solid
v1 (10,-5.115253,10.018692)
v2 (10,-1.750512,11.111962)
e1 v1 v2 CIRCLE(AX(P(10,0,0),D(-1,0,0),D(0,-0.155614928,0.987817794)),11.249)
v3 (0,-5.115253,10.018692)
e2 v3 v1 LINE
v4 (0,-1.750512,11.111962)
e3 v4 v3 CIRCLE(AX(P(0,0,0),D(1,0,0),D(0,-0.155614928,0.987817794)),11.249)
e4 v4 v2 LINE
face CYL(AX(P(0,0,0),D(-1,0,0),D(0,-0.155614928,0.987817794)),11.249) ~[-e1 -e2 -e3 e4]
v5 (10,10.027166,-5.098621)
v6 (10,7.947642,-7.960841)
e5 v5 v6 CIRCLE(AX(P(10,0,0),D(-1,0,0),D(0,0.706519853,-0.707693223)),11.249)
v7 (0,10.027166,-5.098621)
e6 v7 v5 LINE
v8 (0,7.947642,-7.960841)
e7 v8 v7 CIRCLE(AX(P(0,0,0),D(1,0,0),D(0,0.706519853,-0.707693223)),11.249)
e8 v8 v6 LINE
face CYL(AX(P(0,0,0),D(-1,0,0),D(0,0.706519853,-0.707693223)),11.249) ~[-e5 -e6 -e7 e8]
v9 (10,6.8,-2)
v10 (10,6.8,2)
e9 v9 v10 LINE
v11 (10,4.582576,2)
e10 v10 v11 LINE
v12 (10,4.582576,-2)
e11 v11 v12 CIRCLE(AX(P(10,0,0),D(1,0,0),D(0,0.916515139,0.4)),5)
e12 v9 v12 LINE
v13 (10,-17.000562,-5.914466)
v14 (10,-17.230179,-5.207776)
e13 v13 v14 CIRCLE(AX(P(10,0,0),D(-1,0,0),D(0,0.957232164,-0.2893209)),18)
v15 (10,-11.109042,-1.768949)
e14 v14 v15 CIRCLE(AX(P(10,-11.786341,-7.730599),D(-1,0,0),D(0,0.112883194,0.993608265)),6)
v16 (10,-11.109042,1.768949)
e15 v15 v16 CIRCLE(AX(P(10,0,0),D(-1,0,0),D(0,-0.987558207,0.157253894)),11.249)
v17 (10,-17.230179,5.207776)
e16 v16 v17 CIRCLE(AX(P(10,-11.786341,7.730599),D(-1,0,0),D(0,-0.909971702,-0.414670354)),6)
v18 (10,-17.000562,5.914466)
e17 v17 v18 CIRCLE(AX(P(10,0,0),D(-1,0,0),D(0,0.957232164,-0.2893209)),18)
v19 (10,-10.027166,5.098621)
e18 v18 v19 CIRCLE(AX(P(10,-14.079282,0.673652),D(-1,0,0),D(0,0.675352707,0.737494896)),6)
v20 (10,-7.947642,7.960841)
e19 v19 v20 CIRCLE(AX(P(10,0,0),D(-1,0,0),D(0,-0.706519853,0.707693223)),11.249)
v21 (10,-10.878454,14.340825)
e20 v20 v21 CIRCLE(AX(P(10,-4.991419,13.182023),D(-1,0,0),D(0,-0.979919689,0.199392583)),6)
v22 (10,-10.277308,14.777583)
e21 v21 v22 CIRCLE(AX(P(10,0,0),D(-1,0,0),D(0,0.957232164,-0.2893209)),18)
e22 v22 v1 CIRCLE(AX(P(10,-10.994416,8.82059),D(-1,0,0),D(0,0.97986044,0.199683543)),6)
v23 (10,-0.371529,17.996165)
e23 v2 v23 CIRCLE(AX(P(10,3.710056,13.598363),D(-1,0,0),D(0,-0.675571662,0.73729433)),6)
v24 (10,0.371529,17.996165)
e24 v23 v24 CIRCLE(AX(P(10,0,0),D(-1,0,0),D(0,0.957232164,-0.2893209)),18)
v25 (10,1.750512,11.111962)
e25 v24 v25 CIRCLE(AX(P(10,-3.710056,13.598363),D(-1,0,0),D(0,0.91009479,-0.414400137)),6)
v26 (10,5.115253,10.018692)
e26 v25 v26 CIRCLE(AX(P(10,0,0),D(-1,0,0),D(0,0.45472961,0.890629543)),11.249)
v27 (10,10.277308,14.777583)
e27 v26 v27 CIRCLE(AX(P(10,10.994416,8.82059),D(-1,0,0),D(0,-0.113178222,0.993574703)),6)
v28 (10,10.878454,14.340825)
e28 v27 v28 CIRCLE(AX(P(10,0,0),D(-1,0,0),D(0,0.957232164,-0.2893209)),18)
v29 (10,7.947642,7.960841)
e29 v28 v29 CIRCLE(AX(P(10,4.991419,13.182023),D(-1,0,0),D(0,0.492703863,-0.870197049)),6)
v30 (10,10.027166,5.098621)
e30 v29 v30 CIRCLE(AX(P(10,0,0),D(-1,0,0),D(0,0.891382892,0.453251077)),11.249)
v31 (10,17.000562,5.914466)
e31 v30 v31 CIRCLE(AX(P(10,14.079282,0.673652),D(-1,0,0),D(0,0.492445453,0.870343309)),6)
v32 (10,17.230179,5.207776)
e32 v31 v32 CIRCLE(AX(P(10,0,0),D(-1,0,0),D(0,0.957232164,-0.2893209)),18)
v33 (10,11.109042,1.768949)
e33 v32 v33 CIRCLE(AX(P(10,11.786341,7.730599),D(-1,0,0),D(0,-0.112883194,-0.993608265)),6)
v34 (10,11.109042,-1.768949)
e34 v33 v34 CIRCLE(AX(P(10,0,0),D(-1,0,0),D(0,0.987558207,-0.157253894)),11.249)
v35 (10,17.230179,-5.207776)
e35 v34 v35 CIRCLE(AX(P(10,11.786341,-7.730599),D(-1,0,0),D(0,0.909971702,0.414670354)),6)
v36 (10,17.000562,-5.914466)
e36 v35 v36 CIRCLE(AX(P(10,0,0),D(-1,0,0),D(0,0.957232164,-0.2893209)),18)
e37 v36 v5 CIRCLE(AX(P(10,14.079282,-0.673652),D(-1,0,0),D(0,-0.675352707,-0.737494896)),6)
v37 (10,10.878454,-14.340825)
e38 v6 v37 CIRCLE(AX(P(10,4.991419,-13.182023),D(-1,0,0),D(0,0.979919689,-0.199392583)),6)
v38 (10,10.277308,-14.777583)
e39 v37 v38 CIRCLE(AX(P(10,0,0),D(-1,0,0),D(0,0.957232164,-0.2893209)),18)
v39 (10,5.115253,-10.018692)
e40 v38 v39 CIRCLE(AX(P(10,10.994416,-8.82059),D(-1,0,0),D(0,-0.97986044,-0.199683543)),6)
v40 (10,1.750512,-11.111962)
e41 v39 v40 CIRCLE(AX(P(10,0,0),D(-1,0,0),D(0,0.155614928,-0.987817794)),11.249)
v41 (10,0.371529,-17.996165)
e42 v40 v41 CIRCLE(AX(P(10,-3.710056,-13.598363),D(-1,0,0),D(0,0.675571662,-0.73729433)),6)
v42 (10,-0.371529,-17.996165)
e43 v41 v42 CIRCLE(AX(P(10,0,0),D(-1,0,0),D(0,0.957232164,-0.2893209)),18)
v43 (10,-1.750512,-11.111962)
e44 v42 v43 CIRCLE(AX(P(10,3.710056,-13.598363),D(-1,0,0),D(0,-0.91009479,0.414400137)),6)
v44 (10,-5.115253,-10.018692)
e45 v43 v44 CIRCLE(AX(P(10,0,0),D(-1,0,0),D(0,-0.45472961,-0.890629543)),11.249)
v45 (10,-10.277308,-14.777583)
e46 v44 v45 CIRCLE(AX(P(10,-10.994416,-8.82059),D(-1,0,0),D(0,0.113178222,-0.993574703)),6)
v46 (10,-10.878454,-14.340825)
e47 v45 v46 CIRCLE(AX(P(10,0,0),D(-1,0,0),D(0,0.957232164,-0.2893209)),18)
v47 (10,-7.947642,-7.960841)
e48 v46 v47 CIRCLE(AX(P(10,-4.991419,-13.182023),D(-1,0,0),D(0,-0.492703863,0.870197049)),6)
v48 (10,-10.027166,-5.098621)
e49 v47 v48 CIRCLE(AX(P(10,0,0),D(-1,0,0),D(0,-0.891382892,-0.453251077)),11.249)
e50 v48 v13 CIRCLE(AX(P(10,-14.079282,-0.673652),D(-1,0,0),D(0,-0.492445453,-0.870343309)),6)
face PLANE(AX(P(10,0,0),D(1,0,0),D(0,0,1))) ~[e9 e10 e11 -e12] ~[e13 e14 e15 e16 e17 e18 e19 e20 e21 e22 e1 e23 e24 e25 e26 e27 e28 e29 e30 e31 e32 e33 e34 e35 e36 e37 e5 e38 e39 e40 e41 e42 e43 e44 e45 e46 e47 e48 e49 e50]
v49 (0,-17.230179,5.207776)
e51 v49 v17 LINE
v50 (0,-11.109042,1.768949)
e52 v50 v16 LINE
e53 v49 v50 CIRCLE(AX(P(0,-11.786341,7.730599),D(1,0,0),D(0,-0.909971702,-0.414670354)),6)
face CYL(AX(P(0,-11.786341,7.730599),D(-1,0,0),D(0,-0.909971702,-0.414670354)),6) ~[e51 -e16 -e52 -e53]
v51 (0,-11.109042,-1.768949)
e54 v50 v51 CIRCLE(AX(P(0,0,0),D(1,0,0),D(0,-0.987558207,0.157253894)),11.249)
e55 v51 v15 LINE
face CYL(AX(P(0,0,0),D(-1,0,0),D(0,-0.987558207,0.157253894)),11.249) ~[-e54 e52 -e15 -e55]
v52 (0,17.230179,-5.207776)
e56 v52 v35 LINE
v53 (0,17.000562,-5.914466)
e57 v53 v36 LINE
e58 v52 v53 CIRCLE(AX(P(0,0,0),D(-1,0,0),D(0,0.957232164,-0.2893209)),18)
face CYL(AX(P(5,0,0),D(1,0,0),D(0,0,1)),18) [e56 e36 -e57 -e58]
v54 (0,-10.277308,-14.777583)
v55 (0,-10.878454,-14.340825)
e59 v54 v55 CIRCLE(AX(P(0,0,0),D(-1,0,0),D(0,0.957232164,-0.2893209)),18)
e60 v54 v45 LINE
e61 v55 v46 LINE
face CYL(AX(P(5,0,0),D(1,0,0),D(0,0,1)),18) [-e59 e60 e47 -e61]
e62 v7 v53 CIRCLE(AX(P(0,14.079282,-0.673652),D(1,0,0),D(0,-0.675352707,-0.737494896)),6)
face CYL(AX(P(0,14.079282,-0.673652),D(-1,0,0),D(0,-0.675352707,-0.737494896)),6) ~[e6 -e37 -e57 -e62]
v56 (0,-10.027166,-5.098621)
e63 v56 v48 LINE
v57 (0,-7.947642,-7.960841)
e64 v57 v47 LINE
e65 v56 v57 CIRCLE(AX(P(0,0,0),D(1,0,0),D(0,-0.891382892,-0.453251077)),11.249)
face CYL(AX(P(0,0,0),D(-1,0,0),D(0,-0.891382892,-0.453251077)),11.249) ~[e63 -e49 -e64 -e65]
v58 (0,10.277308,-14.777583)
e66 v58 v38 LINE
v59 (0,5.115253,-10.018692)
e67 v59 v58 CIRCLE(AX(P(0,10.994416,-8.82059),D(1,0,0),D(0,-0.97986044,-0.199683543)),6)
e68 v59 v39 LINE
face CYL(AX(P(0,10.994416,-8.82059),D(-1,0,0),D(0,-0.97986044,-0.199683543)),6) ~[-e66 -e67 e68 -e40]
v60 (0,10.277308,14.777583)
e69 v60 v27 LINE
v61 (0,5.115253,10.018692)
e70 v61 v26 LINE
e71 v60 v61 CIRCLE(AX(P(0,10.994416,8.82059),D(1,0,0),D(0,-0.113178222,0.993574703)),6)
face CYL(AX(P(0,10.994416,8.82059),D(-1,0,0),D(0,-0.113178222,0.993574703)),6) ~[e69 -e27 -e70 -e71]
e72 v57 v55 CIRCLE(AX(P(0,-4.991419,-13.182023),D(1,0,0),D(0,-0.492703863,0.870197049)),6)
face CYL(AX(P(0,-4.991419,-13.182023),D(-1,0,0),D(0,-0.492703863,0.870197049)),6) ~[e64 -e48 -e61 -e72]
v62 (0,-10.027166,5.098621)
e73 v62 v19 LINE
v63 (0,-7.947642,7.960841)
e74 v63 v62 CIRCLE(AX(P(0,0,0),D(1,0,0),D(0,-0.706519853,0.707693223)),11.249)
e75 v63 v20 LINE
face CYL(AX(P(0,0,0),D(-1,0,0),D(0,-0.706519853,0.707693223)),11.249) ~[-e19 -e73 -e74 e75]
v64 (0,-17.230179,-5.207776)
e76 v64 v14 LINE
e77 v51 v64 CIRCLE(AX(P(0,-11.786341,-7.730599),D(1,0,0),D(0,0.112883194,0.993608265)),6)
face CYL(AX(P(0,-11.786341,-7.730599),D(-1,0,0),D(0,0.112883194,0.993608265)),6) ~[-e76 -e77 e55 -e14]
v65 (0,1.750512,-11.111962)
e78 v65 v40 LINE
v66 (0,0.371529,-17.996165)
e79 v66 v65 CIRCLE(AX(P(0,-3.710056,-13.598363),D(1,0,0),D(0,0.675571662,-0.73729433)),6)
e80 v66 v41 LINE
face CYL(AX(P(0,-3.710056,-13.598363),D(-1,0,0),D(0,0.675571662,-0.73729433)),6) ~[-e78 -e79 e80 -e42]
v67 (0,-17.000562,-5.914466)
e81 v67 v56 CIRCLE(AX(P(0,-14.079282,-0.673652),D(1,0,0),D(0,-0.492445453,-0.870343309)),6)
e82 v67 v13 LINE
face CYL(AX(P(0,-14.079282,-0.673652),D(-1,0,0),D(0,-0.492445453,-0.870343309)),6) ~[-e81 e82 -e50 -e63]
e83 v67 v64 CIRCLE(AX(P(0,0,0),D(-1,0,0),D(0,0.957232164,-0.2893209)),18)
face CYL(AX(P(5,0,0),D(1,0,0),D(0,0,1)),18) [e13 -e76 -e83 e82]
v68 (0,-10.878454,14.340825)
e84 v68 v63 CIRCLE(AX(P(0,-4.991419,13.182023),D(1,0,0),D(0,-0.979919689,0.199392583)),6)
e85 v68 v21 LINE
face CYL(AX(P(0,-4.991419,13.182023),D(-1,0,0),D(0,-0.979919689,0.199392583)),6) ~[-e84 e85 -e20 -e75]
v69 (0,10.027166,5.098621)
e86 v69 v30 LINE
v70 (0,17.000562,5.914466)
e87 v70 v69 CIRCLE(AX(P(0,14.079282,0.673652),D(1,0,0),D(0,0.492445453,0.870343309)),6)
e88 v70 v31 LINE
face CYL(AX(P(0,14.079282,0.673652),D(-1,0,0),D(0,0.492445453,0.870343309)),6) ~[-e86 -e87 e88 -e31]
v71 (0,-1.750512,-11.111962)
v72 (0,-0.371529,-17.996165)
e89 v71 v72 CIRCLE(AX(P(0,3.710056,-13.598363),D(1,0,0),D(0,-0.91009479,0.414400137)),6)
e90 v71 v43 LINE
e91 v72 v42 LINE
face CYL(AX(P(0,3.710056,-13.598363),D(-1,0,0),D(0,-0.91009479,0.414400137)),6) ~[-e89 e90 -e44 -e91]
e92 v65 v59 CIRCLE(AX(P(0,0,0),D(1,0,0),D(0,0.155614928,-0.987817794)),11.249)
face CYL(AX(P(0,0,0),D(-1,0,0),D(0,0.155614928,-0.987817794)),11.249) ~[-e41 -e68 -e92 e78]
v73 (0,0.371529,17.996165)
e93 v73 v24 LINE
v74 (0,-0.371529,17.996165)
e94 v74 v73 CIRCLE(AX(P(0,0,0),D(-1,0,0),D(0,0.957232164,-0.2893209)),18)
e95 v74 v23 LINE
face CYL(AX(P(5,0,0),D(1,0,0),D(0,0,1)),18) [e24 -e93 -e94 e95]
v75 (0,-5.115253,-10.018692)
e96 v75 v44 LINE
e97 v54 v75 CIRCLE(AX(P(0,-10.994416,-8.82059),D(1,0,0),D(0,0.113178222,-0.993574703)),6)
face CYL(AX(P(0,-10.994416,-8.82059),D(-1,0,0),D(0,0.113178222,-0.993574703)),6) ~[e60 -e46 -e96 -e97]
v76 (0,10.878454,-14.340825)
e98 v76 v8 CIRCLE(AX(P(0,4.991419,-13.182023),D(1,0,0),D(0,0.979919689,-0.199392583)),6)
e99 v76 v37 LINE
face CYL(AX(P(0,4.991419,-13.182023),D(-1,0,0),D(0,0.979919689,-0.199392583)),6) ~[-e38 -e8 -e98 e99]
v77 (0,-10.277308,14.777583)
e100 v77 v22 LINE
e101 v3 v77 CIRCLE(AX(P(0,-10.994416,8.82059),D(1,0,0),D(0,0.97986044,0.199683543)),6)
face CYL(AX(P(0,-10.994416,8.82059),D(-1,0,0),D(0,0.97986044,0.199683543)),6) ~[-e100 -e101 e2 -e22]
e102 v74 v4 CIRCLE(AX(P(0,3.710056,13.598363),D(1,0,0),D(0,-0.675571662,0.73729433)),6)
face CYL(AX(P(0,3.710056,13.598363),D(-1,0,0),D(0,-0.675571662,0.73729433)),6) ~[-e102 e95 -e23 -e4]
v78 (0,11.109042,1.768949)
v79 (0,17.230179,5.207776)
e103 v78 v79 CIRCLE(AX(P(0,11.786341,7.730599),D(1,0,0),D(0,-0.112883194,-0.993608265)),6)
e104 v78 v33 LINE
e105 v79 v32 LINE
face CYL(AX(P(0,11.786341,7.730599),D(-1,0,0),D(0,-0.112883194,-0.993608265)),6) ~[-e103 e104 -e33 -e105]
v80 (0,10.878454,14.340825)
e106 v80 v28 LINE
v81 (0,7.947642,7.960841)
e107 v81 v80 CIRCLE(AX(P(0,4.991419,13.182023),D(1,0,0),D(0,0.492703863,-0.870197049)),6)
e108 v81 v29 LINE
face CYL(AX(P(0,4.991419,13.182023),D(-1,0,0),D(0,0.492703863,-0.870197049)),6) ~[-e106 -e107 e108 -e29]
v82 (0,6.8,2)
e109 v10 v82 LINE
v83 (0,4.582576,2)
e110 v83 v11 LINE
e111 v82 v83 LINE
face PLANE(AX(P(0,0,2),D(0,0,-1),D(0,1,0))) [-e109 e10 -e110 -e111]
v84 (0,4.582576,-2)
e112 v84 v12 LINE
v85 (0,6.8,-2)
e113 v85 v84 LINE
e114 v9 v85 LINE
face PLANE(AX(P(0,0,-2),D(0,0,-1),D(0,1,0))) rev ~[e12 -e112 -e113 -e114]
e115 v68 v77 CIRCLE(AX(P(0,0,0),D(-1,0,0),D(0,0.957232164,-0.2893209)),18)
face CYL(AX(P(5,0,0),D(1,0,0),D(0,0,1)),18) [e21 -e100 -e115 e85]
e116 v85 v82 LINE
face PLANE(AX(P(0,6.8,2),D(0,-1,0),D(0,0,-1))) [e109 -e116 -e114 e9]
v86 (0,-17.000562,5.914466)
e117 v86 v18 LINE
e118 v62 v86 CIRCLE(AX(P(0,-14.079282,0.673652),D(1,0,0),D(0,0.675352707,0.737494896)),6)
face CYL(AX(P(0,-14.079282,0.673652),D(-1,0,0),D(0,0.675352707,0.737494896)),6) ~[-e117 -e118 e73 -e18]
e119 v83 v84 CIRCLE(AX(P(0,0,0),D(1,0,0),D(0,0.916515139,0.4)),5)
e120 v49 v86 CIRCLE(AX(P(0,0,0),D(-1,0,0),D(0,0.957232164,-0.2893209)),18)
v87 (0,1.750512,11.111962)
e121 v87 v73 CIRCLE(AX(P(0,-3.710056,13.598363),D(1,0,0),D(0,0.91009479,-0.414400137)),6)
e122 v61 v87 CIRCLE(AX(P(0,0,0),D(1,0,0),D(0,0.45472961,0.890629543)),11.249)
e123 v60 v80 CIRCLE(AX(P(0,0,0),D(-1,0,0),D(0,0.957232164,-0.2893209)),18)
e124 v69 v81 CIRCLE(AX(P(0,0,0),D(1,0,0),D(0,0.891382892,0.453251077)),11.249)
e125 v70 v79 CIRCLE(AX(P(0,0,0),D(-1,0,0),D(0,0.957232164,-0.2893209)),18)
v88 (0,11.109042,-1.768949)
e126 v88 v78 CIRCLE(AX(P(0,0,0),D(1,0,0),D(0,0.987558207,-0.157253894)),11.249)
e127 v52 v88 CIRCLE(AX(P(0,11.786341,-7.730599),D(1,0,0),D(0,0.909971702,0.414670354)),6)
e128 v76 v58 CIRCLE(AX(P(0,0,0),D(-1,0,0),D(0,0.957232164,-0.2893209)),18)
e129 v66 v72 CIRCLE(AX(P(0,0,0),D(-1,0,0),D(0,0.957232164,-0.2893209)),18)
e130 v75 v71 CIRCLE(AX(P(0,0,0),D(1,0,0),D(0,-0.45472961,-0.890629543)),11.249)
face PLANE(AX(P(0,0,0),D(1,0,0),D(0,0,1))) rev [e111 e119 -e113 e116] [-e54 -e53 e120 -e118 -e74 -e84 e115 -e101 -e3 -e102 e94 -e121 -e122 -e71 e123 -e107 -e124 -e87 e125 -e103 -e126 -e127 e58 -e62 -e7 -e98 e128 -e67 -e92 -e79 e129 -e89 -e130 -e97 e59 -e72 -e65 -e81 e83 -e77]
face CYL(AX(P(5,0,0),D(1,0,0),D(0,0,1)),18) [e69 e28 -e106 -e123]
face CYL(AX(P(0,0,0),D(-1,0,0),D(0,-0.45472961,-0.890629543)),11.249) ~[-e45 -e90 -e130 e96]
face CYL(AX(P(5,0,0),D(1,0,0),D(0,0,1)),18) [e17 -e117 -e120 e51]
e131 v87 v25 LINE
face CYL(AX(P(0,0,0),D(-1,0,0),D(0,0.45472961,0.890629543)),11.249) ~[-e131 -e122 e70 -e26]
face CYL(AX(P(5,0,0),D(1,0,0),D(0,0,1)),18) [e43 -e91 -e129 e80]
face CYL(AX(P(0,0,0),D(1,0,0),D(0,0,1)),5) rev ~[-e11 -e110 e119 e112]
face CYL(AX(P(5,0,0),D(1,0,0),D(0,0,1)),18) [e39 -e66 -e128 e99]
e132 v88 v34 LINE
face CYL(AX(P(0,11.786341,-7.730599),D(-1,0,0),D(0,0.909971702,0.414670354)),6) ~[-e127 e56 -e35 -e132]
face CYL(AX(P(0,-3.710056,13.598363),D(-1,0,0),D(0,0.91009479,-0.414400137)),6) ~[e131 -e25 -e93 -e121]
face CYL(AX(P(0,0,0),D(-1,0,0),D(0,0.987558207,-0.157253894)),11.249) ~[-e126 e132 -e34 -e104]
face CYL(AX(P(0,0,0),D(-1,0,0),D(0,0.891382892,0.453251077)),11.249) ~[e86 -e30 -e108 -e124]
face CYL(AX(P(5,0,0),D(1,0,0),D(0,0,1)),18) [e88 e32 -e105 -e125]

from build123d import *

# Parameters (mm, degrees)
BASPROSKE_W     = 10
BASPROSKE_H     = 18
TOOTHCUT_DEPTH  = 28.349588662
TEETHCUTS_COUNT = 10
TEETHCUTS_ANGLE = 324
BORSKE_R        = 5
BORE_DEPTH      = 50.0000508
KEYSKE_W        = 4
KEYSKE_H        = 6.8
KEYWAY_DEPTH    = 50.0000508


with BuildPart() as part:
    # BasProSke → Base-Revolve (revolve)
    with BuildSketch(Plane(origin=(0, 0, 0), x_dir=(1, 0, 0), z_dir=(0, 1, 0)), mode=Mode.PRIVATE) as base_revolve_sk:
        with Locations((5, 9)):
            Rectangle(BASPROSKE_W, BASPROSKE_H)
    revolve(base_revolve_sk.sketch.rotate(Axis((-10, 0, 0), (1, 0, 0)), 180), axis=Axis((-10, 0, 0), (1, 0, 0)))

    # TooCutSke → ToothCut (cut, through all)
    with BuildSketch(Plane(origin=(0, 0, 0), x_dir=(0, 0, -1), z_dir=(1, 0, 0))):
        with BuildLine():
            ThreePointArc((1.768949054, 11.109042274), (0, 11.249), (-1.768949054, 11.109042274))
            ThreePointArc((-1.768949054, 11.109042274), (-2.508977513, 14.741789417), (-5.242576524, 17.246171649))
            ThreePointArc((-5.242576524, 17.246171649), (0, 18.0254), (5.242576524, 17.246171649))
            ThreePointArc((5.242576524, 17.246171649), (2.508977513, 14.741789417), (1.768949054, 11.109042274))
        make_face()
    toothcut = extrude(amount=TOOTHCUT_DEPTH, mode=Mode.SUBTRACT)

    # TeethCuts: ToothCut ×10 about axis
    teethcuts_axis = Axis((-10, 0, 0), (1, 0, 0))
    for i in range(1, TEETHCUTS_COUNT):
        add(toothcut.rotate(teethcuts_axis, i * TEETHCUTS_ANGLE / (TEETHCUTS_COUNT - 1)), mode=Mode.SUBTRACT)

    # BorSke → Bore (cut, symmetric)
    with BuildSketch(Plane(origin=(0, 0, 0), x_dir=(0, 0, -1), z_dir=(1, 0, 0))):
        with Locations(Location((0, 0, 0), (0, 0, 180))):
            Circle(BORSKE_R)
    extrude(amount=BORE_DEPTH, both=True, mode=Mode.SUBTRACT)

    # KeySke → Keyway (cut, symmetric)
    with BuildSketch(Plane(origin=(0, 0, 0), x_dir=(0, 0, -1), z_dir=(1, 0, 0))):
        with Locations((0, 3.4)):
            Rectangle(KEYSKE_W, KEYSKE_H)
    extrude(amount=KEYWAY_DEPTH, both=True, mode=Mode.SUBTRACT)


solid = part.part
